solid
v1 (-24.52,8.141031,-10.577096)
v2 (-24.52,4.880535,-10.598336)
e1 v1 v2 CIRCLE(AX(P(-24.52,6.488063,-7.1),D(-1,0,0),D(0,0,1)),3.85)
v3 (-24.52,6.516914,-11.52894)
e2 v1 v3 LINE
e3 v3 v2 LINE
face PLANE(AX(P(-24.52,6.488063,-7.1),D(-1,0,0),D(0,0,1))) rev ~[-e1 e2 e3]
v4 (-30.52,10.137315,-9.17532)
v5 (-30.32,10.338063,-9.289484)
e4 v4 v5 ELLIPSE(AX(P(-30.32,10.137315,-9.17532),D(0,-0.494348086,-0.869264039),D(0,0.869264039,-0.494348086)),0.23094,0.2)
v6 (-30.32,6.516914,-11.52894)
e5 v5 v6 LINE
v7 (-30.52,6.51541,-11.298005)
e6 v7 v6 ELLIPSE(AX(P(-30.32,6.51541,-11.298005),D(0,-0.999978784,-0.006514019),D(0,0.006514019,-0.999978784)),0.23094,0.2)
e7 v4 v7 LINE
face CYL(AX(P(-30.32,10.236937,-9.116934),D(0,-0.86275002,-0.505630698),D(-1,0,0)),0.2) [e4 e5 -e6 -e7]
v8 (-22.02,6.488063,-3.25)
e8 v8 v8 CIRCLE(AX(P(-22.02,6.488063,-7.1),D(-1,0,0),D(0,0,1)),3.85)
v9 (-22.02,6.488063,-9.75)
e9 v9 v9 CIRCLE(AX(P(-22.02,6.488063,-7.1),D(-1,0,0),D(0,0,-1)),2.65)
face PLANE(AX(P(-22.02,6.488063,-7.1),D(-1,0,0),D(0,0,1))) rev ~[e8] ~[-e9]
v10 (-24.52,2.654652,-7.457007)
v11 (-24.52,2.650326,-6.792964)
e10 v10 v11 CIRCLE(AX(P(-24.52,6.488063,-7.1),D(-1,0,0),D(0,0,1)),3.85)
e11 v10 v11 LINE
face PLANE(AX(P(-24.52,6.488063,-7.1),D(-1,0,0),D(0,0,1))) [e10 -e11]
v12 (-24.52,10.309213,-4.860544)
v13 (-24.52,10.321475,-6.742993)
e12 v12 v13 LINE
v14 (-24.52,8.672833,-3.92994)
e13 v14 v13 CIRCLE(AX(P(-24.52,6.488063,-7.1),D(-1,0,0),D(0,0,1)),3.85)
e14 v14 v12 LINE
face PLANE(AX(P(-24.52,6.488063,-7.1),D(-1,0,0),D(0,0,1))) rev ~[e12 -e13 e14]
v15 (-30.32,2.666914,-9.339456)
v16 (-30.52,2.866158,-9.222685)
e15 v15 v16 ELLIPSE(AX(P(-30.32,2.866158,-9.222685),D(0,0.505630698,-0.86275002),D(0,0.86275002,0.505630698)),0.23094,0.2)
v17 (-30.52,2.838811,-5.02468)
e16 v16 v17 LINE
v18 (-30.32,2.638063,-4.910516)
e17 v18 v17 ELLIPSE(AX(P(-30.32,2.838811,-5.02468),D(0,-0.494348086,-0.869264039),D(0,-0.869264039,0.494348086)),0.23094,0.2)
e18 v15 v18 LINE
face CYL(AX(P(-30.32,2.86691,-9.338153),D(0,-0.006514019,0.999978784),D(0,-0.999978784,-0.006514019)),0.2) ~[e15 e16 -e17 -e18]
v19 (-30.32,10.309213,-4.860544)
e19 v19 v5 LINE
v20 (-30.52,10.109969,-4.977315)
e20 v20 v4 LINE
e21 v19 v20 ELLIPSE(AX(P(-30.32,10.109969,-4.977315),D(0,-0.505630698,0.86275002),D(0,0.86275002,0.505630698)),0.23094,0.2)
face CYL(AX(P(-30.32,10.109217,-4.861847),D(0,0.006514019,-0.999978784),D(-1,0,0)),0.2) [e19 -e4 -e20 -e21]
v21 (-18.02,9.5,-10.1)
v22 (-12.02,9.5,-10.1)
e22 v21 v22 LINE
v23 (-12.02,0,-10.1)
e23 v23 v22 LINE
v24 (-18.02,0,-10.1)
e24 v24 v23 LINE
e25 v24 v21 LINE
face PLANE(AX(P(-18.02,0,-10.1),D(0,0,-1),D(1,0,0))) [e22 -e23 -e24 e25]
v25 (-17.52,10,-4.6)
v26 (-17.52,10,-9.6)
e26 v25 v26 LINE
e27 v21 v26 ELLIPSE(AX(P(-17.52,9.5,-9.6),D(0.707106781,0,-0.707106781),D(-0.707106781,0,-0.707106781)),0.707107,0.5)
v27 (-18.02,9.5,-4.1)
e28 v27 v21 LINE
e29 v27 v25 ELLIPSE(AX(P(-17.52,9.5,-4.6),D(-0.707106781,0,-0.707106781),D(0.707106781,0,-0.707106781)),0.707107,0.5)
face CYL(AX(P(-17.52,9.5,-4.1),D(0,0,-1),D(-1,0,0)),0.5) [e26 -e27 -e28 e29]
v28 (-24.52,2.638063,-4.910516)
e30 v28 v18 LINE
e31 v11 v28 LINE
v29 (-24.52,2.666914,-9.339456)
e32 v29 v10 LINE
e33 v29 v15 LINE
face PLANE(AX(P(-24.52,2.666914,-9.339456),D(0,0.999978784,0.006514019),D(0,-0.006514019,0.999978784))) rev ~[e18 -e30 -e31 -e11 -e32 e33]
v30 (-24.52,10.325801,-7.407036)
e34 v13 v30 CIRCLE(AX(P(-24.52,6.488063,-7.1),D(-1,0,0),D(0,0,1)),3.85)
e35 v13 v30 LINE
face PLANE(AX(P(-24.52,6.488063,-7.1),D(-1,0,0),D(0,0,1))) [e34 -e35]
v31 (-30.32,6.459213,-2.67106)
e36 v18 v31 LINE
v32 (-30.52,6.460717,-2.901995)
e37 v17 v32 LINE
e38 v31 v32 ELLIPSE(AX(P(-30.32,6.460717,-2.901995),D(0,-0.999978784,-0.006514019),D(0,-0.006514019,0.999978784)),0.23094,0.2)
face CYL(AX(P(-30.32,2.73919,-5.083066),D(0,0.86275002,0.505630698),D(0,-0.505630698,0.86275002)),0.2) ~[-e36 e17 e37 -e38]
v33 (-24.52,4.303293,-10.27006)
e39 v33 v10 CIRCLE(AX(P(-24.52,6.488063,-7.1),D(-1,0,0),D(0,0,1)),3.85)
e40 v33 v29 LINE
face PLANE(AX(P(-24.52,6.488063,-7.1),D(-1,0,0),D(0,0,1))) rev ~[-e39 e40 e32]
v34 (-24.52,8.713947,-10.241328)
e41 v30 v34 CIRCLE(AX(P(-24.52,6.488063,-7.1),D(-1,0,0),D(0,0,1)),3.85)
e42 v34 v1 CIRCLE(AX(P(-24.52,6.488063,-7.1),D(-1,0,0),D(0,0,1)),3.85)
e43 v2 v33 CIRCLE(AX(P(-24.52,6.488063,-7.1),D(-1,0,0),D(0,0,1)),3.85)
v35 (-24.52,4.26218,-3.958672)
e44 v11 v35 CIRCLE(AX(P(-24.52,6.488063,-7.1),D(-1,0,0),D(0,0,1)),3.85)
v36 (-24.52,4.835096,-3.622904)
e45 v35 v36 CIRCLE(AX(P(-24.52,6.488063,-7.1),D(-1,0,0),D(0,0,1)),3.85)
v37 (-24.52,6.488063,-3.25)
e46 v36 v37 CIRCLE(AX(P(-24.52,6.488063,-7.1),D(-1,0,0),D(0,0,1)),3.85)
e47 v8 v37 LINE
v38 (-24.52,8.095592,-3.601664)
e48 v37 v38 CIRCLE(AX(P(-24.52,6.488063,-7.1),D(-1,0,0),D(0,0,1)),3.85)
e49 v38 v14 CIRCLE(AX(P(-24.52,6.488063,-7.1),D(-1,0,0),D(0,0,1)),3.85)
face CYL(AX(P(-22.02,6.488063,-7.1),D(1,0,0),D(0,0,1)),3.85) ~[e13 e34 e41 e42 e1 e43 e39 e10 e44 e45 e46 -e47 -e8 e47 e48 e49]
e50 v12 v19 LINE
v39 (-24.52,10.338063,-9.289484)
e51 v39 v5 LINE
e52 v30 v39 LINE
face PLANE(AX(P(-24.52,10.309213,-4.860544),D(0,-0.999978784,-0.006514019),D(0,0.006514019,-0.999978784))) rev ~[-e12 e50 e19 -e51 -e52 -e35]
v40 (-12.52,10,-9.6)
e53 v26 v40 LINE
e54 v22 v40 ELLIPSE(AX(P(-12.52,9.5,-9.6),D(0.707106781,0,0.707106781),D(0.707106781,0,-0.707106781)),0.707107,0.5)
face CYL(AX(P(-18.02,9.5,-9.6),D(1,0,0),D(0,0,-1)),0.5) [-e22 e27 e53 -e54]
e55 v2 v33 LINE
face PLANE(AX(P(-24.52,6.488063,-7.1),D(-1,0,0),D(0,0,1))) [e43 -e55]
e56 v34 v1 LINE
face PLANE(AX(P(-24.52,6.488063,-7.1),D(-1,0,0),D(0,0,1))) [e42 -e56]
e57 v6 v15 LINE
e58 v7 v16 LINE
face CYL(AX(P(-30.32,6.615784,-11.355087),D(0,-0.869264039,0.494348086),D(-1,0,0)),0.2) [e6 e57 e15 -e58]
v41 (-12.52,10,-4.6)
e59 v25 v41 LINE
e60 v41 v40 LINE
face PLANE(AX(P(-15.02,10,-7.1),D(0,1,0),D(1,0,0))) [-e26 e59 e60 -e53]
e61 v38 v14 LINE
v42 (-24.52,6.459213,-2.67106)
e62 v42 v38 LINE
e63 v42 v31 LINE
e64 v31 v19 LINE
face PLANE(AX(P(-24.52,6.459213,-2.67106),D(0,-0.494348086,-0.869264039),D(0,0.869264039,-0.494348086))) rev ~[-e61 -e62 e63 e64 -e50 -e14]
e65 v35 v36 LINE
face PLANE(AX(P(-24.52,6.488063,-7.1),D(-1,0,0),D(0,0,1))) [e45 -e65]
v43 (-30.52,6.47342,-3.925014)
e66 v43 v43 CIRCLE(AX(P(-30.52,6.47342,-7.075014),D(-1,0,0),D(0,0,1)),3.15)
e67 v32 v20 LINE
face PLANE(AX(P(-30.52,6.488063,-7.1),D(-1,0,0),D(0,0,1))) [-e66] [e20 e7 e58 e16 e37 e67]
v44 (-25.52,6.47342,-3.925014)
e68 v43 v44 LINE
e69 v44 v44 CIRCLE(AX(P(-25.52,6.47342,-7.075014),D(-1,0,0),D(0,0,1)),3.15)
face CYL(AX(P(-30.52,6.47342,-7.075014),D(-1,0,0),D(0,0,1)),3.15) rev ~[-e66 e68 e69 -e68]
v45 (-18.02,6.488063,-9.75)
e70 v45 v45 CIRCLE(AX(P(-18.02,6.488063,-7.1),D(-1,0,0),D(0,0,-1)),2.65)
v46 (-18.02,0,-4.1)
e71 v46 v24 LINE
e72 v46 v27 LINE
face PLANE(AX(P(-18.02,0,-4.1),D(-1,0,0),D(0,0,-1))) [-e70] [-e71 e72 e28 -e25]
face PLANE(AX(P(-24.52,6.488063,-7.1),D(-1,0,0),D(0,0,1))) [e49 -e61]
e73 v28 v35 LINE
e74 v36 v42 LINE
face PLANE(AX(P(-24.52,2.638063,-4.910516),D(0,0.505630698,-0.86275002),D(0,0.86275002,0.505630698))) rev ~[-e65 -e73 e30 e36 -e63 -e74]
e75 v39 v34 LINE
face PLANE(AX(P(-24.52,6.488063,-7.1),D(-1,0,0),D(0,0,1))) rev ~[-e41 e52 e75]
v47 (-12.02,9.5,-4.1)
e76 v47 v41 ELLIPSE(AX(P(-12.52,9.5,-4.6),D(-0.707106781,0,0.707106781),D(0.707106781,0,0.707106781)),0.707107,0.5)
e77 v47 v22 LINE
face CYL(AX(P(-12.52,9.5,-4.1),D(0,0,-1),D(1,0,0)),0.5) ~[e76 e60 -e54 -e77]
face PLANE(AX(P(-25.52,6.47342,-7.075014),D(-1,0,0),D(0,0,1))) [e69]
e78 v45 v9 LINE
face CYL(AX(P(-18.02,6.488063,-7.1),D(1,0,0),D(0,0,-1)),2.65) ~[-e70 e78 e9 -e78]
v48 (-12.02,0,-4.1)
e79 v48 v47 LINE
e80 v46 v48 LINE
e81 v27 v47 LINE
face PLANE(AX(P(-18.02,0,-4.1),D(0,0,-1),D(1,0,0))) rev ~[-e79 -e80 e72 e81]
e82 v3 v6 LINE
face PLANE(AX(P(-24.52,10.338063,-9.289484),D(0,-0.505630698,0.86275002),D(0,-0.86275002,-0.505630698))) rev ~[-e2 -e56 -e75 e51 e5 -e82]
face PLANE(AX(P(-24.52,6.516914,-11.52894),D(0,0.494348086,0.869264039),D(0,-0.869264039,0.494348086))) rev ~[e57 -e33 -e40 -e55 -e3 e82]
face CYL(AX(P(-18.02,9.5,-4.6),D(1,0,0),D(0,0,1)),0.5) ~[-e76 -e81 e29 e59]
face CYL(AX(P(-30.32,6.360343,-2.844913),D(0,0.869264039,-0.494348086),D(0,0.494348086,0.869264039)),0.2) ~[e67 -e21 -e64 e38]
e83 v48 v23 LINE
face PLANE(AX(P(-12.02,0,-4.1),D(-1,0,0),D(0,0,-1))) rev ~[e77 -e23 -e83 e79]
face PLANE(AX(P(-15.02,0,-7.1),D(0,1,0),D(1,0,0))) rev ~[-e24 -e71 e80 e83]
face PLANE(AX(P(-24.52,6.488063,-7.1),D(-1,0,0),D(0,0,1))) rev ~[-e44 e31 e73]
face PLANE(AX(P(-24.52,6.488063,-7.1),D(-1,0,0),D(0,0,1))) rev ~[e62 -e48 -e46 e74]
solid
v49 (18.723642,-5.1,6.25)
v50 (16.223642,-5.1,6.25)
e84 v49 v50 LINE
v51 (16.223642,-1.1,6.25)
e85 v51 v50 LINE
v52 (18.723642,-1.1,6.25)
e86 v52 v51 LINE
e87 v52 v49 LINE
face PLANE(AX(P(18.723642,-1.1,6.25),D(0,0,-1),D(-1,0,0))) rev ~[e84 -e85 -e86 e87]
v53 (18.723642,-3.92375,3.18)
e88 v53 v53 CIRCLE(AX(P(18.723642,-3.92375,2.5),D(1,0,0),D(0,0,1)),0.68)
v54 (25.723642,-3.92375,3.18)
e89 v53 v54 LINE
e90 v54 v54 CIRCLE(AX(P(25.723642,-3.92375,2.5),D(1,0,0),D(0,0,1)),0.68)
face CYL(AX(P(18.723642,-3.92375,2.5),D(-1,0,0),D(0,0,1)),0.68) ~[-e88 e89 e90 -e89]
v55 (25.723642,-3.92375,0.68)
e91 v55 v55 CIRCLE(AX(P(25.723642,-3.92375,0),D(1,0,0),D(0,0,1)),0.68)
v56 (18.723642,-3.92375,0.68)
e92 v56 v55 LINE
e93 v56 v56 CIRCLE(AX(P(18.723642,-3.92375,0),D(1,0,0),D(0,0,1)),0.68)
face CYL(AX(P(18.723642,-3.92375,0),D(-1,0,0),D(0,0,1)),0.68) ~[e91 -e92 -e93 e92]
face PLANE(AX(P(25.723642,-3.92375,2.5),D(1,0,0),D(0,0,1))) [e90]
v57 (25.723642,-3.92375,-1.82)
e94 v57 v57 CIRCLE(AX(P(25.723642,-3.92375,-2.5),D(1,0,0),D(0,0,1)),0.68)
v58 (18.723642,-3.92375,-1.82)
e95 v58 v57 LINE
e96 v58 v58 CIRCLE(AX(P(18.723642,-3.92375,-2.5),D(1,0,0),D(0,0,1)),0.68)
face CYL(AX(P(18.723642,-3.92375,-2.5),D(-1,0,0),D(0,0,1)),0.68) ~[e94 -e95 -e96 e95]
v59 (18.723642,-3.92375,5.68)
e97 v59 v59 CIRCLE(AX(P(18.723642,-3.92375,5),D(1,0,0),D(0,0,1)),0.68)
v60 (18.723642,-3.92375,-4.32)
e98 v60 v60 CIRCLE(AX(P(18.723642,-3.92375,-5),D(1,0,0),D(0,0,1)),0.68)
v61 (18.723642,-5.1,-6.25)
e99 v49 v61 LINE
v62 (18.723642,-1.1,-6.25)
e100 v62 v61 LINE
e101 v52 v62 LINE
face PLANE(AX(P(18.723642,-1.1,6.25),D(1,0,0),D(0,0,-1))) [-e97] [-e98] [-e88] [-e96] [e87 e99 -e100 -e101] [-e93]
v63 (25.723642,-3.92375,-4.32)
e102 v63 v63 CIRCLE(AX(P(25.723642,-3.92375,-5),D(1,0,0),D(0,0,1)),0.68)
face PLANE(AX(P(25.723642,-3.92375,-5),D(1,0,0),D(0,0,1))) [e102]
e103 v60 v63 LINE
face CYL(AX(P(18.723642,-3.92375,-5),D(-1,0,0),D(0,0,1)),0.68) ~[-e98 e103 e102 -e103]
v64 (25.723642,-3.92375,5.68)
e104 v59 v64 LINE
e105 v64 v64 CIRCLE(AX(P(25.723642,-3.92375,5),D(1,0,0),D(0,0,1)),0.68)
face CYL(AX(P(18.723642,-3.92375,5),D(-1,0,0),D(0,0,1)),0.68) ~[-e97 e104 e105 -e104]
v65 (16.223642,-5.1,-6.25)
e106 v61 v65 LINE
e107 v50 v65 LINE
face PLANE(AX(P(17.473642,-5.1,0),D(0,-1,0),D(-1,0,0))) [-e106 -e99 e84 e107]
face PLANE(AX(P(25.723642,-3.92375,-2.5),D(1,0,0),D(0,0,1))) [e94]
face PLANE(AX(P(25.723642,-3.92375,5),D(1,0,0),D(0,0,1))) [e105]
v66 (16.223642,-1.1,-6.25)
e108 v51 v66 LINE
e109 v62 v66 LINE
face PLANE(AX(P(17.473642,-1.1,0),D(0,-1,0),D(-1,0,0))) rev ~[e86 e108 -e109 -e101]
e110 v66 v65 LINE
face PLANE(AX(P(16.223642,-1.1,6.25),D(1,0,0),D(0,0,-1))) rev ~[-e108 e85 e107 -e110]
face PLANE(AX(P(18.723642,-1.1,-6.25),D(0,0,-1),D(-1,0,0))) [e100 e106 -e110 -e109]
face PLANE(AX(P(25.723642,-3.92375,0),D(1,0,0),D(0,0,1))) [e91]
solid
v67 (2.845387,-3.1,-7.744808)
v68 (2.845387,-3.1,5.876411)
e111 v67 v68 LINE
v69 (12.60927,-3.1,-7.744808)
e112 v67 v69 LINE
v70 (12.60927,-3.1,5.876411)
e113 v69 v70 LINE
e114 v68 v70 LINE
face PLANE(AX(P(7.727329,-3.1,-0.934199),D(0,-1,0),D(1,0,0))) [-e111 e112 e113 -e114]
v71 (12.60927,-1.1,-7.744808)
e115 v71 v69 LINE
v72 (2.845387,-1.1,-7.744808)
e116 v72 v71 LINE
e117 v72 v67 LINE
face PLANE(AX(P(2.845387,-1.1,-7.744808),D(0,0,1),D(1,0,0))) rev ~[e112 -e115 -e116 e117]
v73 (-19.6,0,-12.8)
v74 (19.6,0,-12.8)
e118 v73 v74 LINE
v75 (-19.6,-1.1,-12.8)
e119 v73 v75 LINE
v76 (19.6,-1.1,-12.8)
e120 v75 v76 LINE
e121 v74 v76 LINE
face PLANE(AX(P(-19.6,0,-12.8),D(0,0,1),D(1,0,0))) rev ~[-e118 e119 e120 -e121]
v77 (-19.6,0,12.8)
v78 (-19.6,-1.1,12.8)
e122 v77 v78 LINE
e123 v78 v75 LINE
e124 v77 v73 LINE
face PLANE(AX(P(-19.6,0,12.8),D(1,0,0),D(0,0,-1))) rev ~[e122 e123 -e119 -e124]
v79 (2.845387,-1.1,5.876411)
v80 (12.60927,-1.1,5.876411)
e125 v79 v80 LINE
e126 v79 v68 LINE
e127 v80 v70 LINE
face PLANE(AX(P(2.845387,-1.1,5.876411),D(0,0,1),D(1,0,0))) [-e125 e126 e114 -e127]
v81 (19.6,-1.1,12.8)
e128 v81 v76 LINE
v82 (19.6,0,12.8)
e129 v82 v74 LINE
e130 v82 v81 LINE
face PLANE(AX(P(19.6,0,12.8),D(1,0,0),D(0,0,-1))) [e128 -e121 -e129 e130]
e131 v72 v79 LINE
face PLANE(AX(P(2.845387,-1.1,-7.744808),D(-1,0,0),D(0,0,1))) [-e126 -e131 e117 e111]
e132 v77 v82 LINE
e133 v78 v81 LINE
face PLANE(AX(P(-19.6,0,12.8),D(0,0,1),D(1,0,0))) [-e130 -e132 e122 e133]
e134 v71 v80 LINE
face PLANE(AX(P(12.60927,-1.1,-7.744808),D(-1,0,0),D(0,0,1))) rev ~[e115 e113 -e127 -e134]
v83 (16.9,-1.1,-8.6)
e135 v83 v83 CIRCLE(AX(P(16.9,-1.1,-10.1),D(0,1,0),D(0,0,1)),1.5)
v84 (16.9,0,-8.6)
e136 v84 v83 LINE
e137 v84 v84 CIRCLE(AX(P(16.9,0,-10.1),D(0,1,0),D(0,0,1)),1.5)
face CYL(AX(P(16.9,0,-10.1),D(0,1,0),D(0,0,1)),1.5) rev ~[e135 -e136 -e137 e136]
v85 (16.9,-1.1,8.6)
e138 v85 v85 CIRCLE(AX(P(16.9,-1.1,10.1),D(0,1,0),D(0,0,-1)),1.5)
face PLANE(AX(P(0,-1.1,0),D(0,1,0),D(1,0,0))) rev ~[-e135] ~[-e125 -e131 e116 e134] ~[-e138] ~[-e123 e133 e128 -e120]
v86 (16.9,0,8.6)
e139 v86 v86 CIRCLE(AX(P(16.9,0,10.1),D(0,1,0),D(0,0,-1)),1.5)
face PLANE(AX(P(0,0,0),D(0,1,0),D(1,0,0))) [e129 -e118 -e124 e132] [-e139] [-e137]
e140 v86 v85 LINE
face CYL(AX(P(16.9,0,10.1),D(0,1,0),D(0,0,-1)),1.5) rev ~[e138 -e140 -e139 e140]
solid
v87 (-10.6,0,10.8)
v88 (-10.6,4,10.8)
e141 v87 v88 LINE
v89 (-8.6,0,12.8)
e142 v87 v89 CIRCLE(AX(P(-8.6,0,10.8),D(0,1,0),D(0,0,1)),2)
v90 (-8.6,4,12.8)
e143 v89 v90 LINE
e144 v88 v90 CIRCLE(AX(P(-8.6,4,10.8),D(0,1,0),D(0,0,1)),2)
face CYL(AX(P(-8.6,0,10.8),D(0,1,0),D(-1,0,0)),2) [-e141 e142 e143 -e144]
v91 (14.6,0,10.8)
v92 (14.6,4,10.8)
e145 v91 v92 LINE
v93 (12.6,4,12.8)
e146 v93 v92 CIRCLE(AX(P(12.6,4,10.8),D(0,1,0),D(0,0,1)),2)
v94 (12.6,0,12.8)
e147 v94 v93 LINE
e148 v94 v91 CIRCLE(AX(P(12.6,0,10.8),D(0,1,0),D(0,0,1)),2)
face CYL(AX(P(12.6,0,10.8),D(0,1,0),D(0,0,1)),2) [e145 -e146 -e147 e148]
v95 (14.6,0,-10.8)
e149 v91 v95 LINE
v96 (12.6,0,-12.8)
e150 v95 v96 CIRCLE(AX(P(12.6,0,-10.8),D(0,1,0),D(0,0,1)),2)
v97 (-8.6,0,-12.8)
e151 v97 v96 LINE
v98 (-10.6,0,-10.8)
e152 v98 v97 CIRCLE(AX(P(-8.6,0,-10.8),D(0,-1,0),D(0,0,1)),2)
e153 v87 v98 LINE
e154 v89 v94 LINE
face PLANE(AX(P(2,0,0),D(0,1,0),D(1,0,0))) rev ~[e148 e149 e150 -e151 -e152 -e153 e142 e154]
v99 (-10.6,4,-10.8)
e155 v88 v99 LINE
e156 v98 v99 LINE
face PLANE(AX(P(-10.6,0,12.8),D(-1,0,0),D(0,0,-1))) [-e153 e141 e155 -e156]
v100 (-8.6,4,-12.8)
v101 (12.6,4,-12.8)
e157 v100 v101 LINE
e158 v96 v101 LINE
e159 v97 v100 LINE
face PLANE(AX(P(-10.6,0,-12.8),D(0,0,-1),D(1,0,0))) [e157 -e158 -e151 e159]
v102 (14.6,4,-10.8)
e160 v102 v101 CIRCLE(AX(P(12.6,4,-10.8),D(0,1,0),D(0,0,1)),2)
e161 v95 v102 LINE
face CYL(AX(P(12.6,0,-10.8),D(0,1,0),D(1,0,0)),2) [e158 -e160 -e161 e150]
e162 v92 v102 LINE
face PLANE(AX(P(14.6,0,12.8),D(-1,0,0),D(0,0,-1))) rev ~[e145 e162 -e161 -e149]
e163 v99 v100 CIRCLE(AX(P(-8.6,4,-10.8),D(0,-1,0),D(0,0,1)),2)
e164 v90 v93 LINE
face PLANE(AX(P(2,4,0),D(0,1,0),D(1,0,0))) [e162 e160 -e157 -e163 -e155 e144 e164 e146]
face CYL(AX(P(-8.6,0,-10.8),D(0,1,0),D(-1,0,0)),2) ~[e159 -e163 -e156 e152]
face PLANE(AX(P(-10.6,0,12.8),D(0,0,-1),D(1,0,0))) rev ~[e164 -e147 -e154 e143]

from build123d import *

# Parameters (mm, degrees)
SKETCH_1_W          = 39.2
SKETCH_1_H          = 25.6
SKETCH_1_R          = 1.5
EXTRUDE_1_DEPTH     = 1.1
SKETCH_1_4_W        = 25.2
SKETCH_1_4_H        = 25.6
EXTRUDE_3_DEPTH     = 4
FILLET_1_R          = 2
SKETCH_2_W          = 6
SKETCH_2_H          = 6
EXTRUDE_4_DEPTH     = 10
FILLET_2_R          = 0.5
SKETCH_3_R          = 2.65
EXTRUDE_5_DEPTH     = 4
SKETCH_4_R          = 3.85
EXTRUDE_6_DEPTH     = 2.5
EXTRUDE_7_DEPTH     = 6
SKETCH_6_R          = 3.15
CUT_EXTRUDE_1_DEPTH = 5
FILLET_3_R          = 0.2
SKETCH_7_W          = 2.5
SKETCH_7_H          = 12.5
EXTRUDE_8_DEPTH     = 4
SKETCH_8_R          = 0.68
EXTRUDE_9_DEPTH     = 7
SKETCH_9_W          = 9.763882412
SKETCH_9_H          = 13.621218674
EXTRUDE_10_DEPTH    = 2


with BuildPart() as part:
    # 草图1 → 凸台-拉伸1 (new body)
    with BuildSketch(Plane(origin=(0, 0, 0), x_dir=(1, 0, 0), z_dir=(0, 1, 0))):
        Rectangle(SKETCH_1_W, SKETCH_1_H)
        with Locations((16.9, 10.1)):
            Circle(SKETCH_1_R, mode=Mode.SUBTRACT)
        with Locations((16.9, -10.1)):
            Circle(SKETCH_1_R, mode=Mode.SUBTRACT)
    extrude(amount=-EXTRUDE_1_DEPTH)

    # 草图9 → 凸台-拉伸10 (add)
    with BuildSketch(Plane.XZ.offset(1.1)):
        with Locations((7.727328673, -0.934198626)):
            Rectangle(SKETCH_9_W, SKETCH_9_H)
    extrude(amount=EXTRUDE_10_DEPTH)


with BuildPart() as body_2:
    # 草图1<4> → 凸台-拉伸3 (new body)
    with BuildSketch(Plane(origin=(0, 0, 0), x_dir=(1, 0, 0), z_dir=(0, 1, 0))):
        with Locations((2, 0)):
            Rectangle(SKETCH_1_4_W, SKETCH_1_4_H)
    extrude(amount=EXTRUDE_3_DEPTH)

    # 圆角1
    fillet_1_edges = [body_2.edges().sort_by_distance(p)[0] for p in [
        (-10.6, 2, -12.8),
        (14.6, 2, -12.8),
        (14.6, 2, 12.8),
        (-10.6, 2, 12.8),
    ]]
    fillet(fillet_1_edges, radius=FILLET_1_R)


with BuildPart() as body_3:
    # 草图2 → 凸台-拉伸4 (new body)
    with BuildSketch(Plane(origin=(0, 0, 0), x_dir=(1, 0, 0), z_dir=(0, 1, 0))):
        with Locations((-15.02, 7.1)):
            Rectangle(SKETCH_2_W, SKETCH_2_H)
    extrude(amount=EXTRUDE_4_DEPTH)

    # 圆角2
    fillet_2_edges = [body_3.edges().sort_by_distance(p)[0] for p in [
        (-12.02, 10, -7.1),
        (-15.02, 10, -10.1),
        (-18.02, 10, -7.1),
        (-15.02, 10, -4.1),
    ]]
    fillet(fillet_2_edges, radius=FILLET_2_R)

    # 草图3 → 凸台-拉伸5 (add)
    with BuildSketch(Plane.ZY.offset(18.02)):
        with Locations((-7.1, 6.488063406)):
            Circle(SKETCH_3_R)
    extrude(amount=EXTRUDE_5_DEPTH)

    # 草图4 → 凸台-拉伸6 (add)
    with BuildSketch(Plane.ZY.offset(22.02)):
        with Locations((-7.1, 6.488063406)):
            Circle(SKETCH_4_R)
    extrude(amount=EXTRUDE_6_DEPTH)

    # 草图5 → 凸台-拉伸7 (add)
    with BuildSketch(Plane.ZY.offset(24.52)):
        Polygon((-4.910515511, 2.638063406), (-2.671059951, 6.459212594), (-4.86054444, 10.309212594), (-9.289484489, 10.338063406), (-11.528940049, 6.516914218), (-9.33945556, 2.666914218), align=None)
    extrude(amount=EXTRUDE_7_DEPTH)

    # 草图6 → 切除-拉伸1 (cut)
    with BuildSketch(Plane.ZY.offset(30.52)):
        with Locations((-7.075014464, 6.473420168)):
            Circle(SKETCH_6_R)
    extrude(amount=-CUT_EXTRUDE_1_DEPTH, mode=Mode.SUBTRACT)

    # 圆角3
    fillet_3_edges = [body_3.edges().sort_by_distance(p)[0] for p in [
        (-30.52, 8.384212594, -3.765802195),
        (-30.52, 4.548638, -3.790787731),
        (-30.52, 2.652488812, -7.124985536),
        (-30.52, 4.591914218, -10.434197805),
        (-30.52, 8.427488812, -10.409212269),
        (-30.52, 10.323638, -7.075014464),
    ]]
    fillet(fillet_3_edges, radius=FILLET_3_R)


with BuildPart() as body_4:
    # 草图7 → 凸台-拉伸8 (new body)
    with BuildSketch(Plane(origin=(0, -1.1, 0), x_dir=(-1, 0, 0), z_dir=(0, -1, 0))):
        with Locations((-17.473641974, 0)):
            Rectangle(SKETCH_7_W, SKETCH_7_H)
    extrude(amount=EXTRUDE_8_DEPTH)

    # 草图8 → 凸台-拉伸9 (add)
    with BuildSketch(Plane(origin=(18.723641974, 0, 0), x_dir=(0, 0, -1), z_dir=(1, 0, 0))):
        with Locations((-5, -3.923750137)):
            Circle(SKETCH_8_R)
        with Locations((-2.5, -3.923750137)):
            Circle(SKETCH_8_R)
        with Locations((0, -3.923750137)):
            Circle(SKETCH_8_R)
        with Locations((2.5, -3.923750137)):
            Circle(SKETCH_8_R)
        with Locations((5, -3.923750137)):
            Circle(SKETCH_8_R)
    extrude(amount=EXTRUDE_9_DEPTH)


solid = Compound([part.part, body_2.part, body_3.part, body_4.part])
